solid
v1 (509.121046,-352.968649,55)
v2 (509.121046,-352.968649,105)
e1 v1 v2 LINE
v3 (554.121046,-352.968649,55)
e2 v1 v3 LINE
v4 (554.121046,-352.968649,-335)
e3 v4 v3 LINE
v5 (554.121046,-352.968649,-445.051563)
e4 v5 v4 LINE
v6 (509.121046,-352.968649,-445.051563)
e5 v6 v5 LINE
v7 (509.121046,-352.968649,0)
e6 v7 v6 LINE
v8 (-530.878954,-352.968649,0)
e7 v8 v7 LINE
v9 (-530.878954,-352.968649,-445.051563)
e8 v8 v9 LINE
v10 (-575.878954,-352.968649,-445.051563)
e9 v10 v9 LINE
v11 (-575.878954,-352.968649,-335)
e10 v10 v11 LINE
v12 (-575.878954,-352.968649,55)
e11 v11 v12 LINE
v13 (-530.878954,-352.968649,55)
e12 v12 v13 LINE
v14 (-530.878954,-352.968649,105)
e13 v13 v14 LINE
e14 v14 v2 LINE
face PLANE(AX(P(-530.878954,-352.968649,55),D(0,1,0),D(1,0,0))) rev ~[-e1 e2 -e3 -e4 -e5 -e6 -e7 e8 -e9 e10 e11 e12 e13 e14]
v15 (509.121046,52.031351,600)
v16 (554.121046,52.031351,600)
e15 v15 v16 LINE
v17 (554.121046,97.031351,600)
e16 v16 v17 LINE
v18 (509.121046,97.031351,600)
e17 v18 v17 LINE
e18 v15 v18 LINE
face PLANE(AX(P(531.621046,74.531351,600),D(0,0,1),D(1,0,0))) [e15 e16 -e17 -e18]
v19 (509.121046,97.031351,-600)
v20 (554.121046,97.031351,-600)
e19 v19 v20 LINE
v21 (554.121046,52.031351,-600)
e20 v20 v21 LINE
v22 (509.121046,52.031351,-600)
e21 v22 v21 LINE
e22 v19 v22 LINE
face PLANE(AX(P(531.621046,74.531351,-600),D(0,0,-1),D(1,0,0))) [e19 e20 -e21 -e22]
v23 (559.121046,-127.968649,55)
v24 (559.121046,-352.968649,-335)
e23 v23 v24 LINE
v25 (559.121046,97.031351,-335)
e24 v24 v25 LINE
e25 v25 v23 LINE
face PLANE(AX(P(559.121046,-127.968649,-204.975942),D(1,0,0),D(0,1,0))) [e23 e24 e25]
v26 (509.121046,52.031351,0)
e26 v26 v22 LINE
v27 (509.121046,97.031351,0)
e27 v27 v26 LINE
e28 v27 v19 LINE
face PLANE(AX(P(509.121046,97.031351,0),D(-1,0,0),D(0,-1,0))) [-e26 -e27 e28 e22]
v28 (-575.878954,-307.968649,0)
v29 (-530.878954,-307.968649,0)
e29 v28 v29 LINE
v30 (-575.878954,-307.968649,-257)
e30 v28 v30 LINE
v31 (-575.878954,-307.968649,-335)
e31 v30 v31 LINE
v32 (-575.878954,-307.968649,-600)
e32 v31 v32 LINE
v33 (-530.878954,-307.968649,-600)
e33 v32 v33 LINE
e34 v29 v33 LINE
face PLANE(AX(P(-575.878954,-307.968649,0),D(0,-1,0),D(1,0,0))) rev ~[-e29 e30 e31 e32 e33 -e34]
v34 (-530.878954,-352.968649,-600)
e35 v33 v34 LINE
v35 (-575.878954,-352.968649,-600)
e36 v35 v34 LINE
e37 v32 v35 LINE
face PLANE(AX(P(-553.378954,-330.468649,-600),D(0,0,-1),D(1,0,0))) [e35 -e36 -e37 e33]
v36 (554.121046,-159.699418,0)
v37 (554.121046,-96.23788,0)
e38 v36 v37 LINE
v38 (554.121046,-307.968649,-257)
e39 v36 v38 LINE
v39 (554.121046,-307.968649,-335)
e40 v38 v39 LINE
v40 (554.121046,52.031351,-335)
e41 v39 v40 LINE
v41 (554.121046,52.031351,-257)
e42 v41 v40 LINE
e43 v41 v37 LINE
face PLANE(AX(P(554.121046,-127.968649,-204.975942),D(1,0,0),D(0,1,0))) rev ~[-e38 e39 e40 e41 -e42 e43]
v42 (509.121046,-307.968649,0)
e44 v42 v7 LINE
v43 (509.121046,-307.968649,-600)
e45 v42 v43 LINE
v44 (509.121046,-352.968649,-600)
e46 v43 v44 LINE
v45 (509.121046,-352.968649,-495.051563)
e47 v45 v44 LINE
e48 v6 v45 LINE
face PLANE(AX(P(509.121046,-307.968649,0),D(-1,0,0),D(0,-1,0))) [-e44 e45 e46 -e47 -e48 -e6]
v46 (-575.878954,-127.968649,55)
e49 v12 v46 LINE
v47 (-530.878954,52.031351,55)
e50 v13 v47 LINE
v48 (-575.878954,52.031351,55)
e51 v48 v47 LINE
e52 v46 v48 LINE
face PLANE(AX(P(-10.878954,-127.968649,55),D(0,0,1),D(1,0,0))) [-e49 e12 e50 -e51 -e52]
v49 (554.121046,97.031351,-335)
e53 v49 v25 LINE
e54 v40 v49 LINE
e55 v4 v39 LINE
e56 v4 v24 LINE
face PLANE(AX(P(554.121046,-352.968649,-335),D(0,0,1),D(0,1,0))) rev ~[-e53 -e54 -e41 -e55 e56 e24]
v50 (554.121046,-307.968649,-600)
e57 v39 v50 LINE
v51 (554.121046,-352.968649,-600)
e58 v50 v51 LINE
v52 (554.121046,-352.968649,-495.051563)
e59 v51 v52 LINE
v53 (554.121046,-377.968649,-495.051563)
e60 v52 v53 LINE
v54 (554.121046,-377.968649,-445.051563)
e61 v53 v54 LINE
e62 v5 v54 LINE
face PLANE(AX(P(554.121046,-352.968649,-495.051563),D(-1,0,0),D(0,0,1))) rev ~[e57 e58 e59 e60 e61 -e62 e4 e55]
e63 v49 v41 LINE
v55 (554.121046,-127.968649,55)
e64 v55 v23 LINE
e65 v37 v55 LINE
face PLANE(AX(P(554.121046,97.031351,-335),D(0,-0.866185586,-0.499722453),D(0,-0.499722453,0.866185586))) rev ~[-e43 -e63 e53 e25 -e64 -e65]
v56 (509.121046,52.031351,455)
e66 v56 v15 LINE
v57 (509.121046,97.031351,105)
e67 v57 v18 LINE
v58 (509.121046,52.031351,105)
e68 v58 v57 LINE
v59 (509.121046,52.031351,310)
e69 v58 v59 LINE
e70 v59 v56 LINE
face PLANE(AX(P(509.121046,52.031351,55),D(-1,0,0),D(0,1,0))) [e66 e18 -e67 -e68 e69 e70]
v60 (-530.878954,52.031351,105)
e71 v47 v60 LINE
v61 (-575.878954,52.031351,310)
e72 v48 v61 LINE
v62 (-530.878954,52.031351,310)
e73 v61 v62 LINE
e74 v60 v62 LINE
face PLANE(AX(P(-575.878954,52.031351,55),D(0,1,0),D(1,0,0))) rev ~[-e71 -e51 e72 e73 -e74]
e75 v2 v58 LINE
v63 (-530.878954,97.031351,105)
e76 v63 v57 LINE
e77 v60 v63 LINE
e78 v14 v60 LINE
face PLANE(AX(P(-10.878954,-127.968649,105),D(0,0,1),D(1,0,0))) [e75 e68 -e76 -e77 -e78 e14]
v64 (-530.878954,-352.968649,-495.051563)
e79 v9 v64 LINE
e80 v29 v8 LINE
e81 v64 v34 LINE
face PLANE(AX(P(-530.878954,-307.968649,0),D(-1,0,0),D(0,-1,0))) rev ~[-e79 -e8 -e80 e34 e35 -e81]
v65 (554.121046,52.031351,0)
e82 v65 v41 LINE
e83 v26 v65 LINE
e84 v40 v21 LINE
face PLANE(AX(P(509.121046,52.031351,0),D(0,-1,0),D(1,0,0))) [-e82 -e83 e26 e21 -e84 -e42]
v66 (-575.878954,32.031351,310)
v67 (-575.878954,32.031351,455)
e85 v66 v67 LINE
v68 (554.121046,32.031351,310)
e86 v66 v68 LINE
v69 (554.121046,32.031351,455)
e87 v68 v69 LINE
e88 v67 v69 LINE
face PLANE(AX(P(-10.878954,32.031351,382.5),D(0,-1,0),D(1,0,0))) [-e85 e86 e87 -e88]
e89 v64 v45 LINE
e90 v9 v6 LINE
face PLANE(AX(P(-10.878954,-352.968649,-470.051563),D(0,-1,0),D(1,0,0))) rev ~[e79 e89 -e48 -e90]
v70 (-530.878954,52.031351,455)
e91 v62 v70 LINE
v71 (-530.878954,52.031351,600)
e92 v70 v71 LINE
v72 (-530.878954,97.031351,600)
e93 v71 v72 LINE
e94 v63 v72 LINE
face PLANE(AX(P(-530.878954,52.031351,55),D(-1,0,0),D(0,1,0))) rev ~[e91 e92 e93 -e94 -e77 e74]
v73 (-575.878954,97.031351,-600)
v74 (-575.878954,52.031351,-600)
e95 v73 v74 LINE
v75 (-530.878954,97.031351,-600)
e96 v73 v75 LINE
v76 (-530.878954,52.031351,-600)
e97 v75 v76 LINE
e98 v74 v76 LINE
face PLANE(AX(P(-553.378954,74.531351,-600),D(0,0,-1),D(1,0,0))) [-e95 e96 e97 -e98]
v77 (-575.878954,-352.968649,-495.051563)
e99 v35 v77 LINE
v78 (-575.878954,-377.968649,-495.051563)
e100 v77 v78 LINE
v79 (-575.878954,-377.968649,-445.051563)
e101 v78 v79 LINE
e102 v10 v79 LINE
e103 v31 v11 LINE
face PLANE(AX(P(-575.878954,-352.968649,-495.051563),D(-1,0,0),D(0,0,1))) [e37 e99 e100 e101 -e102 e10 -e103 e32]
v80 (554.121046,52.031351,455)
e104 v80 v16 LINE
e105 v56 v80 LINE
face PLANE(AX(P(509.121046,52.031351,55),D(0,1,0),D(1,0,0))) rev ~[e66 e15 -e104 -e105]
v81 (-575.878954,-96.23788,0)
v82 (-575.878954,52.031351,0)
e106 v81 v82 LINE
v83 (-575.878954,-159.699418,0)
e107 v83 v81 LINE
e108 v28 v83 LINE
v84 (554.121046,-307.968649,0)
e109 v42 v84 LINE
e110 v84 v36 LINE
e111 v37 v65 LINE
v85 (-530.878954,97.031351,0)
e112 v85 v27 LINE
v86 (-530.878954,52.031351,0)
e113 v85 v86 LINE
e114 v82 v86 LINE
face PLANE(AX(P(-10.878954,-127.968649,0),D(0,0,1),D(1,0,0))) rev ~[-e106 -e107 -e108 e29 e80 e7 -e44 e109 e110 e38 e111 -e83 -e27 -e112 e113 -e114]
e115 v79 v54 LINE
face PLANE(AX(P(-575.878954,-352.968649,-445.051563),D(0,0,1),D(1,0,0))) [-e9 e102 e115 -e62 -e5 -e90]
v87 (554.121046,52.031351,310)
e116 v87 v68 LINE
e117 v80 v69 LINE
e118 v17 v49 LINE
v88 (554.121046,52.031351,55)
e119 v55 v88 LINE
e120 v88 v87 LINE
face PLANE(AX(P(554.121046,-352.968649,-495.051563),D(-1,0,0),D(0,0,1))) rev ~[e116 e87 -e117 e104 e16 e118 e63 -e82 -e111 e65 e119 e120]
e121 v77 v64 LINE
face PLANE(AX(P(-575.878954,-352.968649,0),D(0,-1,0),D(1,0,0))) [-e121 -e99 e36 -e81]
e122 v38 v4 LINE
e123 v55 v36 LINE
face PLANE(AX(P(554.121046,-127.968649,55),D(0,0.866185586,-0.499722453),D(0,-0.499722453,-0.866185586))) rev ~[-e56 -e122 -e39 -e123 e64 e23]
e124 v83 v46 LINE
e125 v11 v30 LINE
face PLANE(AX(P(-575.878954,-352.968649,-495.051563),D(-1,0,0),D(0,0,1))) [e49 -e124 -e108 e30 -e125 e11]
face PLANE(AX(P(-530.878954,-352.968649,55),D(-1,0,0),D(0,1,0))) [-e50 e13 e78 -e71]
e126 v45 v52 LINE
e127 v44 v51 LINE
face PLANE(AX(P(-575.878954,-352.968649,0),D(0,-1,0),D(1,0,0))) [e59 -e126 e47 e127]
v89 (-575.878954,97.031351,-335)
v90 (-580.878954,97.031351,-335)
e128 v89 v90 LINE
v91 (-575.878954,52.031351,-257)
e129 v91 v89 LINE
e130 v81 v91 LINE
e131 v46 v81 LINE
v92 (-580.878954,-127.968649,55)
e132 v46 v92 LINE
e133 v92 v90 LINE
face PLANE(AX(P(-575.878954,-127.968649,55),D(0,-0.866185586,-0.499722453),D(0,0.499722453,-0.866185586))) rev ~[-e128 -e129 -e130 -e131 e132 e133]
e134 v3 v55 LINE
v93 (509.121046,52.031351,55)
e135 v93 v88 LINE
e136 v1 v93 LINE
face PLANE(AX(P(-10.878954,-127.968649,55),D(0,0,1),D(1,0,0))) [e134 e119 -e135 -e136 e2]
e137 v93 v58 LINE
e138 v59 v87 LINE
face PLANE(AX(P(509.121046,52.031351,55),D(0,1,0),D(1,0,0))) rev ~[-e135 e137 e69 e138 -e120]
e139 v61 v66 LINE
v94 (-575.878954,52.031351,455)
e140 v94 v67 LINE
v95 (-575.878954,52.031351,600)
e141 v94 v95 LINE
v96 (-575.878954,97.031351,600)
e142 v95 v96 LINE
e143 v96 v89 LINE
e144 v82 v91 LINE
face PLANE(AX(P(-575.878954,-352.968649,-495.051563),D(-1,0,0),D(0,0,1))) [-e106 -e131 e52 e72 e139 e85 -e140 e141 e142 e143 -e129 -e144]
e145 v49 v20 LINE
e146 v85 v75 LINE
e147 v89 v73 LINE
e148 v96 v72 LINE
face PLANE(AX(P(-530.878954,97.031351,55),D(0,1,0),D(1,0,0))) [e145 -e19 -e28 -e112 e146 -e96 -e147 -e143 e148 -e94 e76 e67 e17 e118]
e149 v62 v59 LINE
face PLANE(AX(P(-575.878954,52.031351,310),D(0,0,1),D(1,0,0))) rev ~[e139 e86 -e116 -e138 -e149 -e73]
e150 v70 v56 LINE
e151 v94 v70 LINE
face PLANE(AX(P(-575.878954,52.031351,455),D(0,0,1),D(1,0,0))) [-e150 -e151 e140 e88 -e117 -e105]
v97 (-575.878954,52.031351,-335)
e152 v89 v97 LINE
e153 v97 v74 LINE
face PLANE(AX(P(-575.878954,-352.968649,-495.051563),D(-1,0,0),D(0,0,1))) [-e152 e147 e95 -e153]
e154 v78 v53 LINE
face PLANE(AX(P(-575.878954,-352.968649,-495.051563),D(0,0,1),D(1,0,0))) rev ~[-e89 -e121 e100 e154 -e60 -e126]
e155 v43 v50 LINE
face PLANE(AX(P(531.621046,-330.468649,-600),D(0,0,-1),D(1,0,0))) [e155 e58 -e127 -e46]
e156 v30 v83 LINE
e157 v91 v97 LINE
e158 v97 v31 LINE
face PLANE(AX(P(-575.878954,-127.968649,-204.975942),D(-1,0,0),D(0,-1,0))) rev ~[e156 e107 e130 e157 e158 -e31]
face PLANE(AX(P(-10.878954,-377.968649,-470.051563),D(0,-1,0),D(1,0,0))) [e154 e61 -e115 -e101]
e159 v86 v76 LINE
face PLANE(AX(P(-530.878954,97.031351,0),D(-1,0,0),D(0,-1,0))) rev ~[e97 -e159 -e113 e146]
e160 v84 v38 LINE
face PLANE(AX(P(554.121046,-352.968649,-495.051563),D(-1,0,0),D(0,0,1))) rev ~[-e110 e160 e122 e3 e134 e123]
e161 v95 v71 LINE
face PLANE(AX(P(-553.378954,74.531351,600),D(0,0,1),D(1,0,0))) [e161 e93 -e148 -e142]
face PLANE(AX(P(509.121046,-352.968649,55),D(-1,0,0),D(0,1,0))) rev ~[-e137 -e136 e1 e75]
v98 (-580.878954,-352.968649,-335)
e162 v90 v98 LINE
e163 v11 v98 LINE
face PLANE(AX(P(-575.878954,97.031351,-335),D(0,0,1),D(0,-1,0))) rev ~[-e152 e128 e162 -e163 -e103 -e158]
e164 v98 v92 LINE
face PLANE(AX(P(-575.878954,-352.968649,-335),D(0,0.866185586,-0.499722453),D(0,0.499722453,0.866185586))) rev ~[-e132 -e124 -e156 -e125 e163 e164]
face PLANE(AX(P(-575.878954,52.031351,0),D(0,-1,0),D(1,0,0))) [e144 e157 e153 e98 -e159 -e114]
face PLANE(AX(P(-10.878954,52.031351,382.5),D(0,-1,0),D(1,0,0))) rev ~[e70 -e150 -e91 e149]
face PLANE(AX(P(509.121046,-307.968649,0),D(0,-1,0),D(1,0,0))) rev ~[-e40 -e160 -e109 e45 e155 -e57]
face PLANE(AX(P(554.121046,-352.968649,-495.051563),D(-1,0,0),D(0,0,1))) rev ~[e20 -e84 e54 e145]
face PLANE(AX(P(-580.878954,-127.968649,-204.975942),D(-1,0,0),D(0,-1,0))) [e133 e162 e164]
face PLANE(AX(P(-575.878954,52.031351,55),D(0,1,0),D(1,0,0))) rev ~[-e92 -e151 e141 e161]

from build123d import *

# Parameters (mm, degrees)
F0_W      = 1130
F0_H      = 450
F1_DEPTH  = 55
F2_W      = 45
F2_H      = 45
F3_DEPTH  = 600
F4_W      = 45
F4_H      = 45
F5_DEPTH  = 600
F6_W      = 45
F6_H      = 45
F7_DEPTH  = 600
F8_W      = 45
F8_H      = 45
F9_DEPTH  = 600
F10_W     = 45
F10_H     = 45
F11_DEPTH = 545
F12_W     = 45
F12_H     = 45
F13_DEPTH = 545
F14_W     = 1130
F14_H     = 145
F15_DEPTH = 20
F16_W     = 1130
F16_H     = 50
F17_DEPTH = 25
F18_W     = 1040
F18_H     = 450
F19_DEPTH = 50
F21_DEPTH = 5
F23_DEPTH = 5


with BuildPart() as f1:
    # F0 (on Top) → F1 (new body)
    with BuildSketch(Plane.XY):
        with Locations((-10.878954, -127.968649)):
            Rectangle(F0_W, F0_H)
    extrude(amount=F1_DEPTH)

    # F2 (on face) → F3 (join)
    with BuildSketch(Plane(origin=(0, 0, 0), x_dir=(1, 0, 0), z_dir=(0, 0, -1))):
        with Locations((531.621046, -74.531351)):
            Rectangle(F2_W, F2_H)
    extrude(amount=F3_DEPTH)

    # F4 (on face) → F5 (join)
    with BuildSketch(Plane(origin=(0, 0, 0), x_dir=(1, 0, 0), z_dir=(0, 0, -1))):
        with Locations((-553.378954, -74.531351)):
            Rectangle(F4_W, F4_H)
    extrude(amount=F5_DEPTH)

    # F6 (on face) → F7 (join)
    with BuildSketch(Plane(origin=(0, 0, 0), x_dir=(1, 0, 0), z_dir=(0, 0, -1))):
        with Locations((531.621046, 330.468649)):
            Rectangle(F6_W, F6_H)
    extrude(amount=F7_DEPTH)

    # F8 (on face) → F9 (join)
    with BuildSketch(Plane(origin=(0, 0, 0), x_dir=(1, 0, 0), z_dir=(0, 0, -1))):
        with Locations((-553.378954, 330.468649)):
            Rectangle(F8_W, F8_H)
    extrude(amount=F9_DEPTH)

    # F10 (on face) → F11 (join)
    with BuildSketch(Plane.XY.offset(55)):
        with Locations((531.621046, 74.531351)):
            Rectangle(F10_W, F10_H)
    extrude(amount=F11_DEPTH)

    # F12 (on face) → F13 (join)
    with BuildSketch(Plane.XY.offset(55)):
        with Locations((-553.378954, 74.531351)):
            Rectangle(F12_W, F12_H)
    extrude(amount=F13_DEPTH)

    # F14 (on face) → F15 (join)
    with BuildSketch(Plane.XZ.offset(-52.031351)):
        with Locations((-10.878954, 382.5)):
            Rectangle(F14_W, F14_H)
    extrude(amount=F15_DEPTH)

    # F16 (on face) → F17 (join)
    with BuildSketch(Plane.XZ.offset(352.968649)):
        with Locations((-10.878954, -470.051563)):
            Rectangle(F16_W, F16_H)
    extrude(amount=F17_DEPTH)

    # F18 (on face) → F19 (join)
    with BuildSketch(Plane.XY.offset(55)):
        with Locations((-10.878954, -127.968649)):
            Rectangle(F18_W, F18_H)
    extrude(amount=F19_DEPTH)

    # F20 (on face) → F21 (join)
    with BuildSketch(Plane.YZ.offset(554.121046)):
        Polygon((-127.968649, 55), (-352.968649, -335), (97.031351, -335), align=None)
    extrude(amount=F21_DEPTH)

    # F22 (on face) → F23 (join)
    with BuildSketch(Plane(origin=(-575.878954, 0, 0), x_dir=(0, -1, 0), z_dir=(-1, 0, 0))):
        Polygon((-97.031351, -335), (352.968649, -335), (127.968649, 55), align=None)
    extrude(amount=F23_DEPTH)


solid = f1.part
